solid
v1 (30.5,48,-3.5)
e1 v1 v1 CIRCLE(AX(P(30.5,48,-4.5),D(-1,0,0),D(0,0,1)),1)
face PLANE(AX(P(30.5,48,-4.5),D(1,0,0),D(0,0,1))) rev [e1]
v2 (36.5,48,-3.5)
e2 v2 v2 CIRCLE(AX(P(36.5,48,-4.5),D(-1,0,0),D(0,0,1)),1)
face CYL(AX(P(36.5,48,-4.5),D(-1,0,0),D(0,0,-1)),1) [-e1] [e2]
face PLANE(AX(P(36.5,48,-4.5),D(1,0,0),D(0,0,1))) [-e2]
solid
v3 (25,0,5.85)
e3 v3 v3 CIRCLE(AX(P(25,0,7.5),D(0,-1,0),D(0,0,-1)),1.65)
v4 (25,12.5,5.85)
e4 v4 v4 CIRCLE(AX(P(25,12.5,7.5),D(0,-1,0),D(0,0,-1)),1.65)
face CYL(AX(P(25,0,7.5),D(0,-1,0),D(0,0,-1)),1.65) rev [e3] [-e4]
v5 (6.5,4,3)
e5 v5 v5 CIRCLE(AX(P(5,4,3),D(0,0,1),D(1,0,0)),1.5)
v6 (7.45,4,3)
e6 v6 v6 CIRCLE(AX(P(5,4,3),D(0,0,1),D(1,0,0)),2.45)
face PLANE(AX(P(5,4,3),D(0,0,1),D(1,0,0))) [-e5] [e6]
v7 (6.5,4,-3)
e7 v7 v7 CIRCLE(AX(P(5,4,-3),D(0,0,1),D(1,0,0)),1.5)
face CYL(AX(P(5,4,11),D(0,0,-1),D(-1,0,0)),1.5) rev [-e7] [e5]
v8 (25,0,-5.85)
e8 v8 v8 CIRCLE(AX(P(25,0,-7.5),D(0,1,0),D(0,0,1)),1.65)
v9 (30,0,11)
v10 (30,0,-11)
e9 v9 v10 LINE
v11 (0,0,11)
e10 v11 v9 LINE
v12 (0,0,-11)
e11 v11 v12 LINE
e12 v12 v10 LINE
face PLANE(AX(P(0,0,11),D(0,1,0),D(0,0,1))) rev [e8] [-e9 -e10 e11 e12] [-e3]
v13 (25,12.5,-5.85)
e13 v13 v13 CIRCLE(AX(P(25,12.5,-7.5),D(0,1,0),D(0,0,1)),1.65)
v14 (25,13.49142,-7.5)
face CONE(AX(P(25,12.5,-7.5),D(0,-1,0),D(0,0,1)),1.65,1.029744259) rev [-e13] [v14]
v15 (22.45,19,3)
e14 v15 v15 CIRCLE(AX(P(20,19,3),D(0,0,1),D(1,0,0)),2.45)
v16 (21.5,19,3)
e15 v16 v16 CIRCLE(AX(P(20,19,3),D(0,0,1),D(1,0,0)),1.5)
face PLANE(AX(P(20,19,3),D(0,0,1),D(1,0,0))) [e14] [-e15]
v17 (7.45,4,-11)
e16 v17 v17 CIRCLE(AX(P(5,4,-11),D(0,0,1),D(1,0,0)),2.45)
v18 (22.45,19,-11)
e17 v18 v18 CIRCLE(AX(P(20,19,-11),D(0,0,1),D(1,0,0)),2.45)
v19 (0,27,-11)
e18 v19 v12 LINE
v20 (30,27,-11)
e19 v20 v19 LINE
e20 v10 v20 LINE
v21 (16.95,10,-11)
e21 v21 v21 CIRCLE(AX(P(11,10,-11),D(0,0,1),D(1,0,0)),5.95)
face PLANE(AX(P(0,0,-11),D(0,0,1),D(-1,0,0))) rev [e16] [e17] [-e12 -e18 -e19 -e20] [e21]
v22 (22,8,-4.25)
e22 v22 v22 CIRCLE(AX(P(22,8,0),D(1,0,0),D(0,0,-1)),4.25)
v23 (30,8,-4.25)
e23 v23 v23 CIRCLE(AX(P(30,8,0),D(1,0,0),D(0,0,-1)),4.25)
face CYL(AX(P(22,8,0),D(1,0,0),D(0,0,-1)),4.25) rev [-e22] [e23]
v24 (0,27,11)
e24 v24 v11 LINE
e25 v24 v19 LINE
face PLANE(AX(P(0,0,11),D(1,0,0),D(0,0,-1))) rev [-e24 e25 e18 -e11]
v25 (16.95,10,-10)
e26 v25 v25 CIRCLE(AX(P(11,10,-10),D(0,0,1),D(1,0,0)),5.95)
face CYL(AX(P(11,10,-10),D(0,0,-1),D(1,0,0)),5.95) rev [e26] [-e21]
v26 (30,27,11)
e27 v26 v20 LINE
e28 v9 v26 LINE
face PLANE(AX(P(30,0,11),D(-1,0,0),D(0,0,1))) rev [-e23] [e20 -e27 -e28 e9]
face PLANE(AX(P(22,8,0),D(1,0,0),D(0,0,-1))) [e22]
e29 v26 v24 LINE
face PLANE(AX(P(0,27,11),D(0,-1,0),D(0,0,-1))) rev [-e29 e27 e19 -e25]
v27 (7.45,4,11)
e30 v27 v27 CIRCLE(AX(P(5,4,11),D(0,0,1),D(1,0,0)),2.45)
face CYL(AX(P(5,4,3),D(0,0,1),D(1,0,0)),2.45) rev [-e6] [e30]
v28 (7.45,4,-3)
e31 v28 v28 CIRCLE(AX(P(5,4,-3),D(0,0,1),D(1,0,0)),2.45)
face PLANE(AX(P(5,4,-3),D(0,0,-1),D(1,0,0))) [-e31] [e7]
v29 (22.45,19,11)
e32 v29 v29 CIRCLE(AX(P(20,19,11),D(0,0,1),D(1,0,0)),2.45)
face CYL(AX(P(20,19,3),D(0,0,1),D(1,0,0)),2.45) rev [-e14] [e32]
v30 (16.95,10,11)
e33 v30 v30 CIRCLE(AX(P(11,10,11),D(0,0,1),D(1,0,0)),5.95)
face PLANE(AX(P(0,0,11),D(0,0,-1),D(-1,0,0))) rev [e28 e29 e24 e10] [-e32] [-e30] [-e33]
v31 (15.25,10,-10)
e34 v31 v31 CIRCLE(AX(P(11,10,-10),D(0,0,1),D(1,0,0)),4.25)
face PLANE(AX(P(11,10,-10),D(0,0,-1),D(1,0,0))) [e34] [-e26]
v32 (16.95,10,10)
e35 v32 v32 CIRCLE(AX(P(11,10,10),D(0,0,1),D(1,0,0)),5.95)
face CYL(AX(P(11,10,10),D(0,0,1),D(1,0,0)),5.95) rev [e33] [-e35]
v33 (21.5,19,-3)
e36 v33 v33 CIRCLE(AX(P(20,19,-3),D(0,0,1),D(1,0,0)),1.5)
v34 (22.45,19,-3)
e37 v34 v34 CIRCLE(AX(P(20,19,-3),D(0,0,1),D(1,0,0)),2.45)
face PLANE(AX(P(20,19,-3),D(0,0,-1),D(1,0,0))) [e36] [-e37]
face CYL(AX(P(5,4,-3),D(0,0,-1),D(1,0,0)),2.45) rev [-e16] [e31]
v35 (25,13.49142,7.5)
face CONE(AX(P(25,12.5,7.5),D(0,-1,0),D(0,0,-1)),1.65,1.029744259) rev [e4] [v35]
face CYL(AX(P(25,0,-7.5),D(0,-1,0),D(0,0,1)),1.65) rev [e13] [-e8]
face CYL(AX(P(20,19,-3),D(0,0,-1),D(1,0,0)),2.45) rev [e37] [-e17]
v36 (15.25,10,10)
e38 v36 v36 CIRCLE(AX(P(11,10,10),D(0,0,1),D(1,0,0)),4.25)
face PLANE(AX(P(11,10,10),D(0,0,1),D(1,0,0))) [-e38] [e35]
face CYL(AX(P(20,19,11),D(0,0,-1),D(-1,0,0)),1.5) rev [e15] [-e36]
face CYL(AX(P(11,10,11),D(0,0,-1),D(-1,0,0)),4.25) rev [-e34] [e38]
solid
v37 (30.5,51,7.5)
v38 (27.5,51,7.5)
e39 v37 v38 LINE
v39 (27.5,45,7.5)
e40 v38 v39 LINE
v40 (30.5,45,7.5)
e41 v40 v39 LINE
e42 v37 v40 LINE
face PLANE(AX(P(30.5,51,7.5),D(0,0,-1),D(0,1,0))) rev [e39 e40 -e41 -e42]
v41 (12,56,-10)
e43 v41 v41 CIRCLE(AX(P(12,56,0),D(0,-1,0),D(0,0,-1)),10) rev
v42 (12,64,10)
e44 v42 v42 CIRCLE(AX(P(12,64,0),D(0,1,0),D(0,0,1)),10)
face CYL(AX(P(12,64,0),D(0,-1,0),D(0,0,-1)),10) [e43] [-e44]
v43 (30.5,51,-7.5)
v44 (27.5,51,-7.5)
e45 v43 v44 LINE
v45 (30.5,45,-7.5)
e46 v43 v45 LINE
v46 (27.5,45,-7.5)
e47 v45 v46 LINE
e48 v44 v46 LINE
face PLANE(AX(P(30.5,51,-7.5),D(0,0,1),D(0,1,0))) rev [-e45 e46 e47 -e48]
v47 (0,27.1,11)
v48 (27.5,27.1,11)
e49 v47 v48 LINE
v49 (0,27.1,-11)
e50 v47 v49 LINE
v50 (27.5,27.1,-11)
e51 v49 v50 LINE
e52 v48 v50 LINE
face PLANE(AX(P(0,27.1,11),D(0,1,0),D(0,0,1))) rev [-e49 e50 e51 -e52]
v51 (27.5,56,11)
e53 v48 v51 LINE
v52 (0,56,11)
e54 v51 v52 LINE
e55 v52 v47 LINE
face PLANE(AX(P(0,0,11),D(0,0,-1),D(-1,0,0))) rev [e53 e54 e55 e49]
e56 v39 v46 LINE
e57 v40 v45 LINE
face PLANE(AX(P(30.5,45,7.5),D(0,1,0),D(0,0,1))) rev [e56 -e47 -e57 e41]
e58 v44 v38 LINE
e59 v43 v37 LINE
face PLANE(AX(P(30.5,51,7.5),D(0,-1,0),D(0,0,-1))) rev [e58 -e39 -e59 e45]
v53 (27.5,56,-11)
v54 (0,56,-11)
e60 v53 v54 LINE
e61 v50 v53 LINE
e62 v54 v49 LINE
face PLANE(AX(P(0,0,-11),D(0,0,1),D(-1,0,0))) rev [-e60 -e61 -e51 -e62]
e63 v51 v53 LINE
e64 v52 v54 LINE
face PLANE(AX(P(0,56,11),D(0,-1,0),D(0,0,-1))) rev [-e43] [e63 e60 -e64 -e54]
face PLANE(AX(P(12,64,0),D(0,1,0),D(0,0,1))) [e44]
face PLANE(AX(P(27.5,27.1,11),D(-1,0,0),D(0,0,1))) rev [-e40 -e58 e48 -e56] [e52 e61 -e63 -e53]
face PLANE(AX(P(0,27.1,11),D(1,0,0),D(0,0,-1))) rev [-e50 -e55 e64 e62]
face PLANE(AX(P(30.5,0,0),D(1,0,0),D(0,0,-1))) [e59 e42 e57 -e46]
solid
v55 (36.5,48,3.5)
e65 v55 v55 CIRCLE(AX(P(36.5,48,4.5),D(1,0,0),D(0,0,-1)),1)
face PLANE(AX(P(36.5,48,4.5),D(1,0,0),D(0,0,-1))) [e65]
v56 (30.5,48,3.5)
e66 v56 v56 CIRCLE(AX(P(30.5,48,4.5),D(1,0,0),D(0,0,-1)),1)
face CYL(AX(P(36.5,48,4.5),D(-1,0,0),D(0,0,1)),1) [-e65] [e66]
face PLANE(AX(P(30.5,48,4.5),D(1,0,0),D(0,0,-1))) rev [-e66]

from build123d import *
from build123d.topology import SkipClean

# Parameters (mm, degrees)
ESQUISSE1_W             = 30
ESQUISSE1_H             = 27
ESQUISSE1_R             = 4.25
ESQUISSE1_R_2           = 1.5
BOSS_EXTRU_1_DEPTH      = 11
ESQUISSE1_W_2           = 27.5
ESQUISSE1_H_2           = 28.9
BOSS_EXTRU_1_2_DEPTH    = 11
ESQUISSE2_R             = 2.45
ENL_V_MAT_EXTRU_1_DEPTH = 8
ESQUISSE3_R             = 5.95
ENL_V_MAT_EXTRU_2_DEPTH = 1
ESQUISSE4_R             = 4.25
ENL_V_MAT_EXTRU_3_DEPTH = 8
ESQUISSE5_W             = 7.5
ESQUISSE5_H             = 6
BOSS_EXTRU_2_DEPTH      = 3
ESQUISSE6_R             = 1
BOSS_EXTRU_3_DEPTH      = 6
ESQUISSE9_R             = 10
BOSS_EXTRU_4_DEPTH      = 8


with BuildPart() as part:
    # Esquisse1 → Boss.-Extru.1 (new body)
    with BuildSketch(Plane.XY):
        with Locations((15, 13.5)):
            Rectangle(ESQUISSE1_W, ESQUISSE1_H)
        with Locations((11, 10)):
            Circle(ESQUISSE1_R, mode=Mode.SUBTRACT)
        with Locations((20, 19)):
            Circle(ESQUISSE1_R_2, mode=Mode.SUBTRACT)
        with Locations((5, 4)):
            Circle(ESQUISSE1_R_2, mode=Mode.SUBTRACT)
    extrude(amount=BOSS_EXTRU_1_DEPTH)

    # Esquisse2 → Enlèv. mat.-Extru.1 (cut)
    with BuildSketch(Plane.XY.offset(11)):
        with Locations((20, 19)):
            Circle(ESQUISSE2_R)
        with Locations((5, 4)):
            Circle(ESQUISSE2_R)
    extrude(amount=-ENL_V_MAT_EXTRU_1_DEPTH, mode=Mode.SUBTRACT)

    # Esquisse3 → Enlèv. mat.-Extru.2 (cut)
    with BuildSketch(Plane.XY.offset(11)):
        with Locations((11, 10)):
            Circle(ESQUISSE3_R)
    extrude(amount=-ENL_V_MAT_EXTRU_2_DEPTH, mode=Mode.SUBTRACT)

    # Esquisse4 → Enlèv. mat.-Extru.3 (cut)
    with BuildSketch(Plane(origin=(30, 0, 0), x_dir=(0, 0, -1), z_dir=(1, 0, 0))):
        with Locations((0, 8)):
            Circle(ESQUISSE4_R)
    extrude(amount=-ENL_V_MAT_EXTRU_3_DEPTH, mode=Mode.SUBTRACT)

    # Esquisse7 → Trou taraudé M4x0.71 (revolve, cut)
    with BuildSketch(Plane(origin=(25, 0, 7.5), x_dir=(0, 0, -1), z_dir=(1, 0, 0))):
        Polygon((0, 0), (0, 13.491420021), (1.65, 12.5), (1.65, 0), align=None)
    revolve(axis=Axis((25, -6.35, 7.5), (0, 1, 0)), mode=Mode.SUBTRACT)

    # Sym_trie1 2: part across plane


with BuildPart() as body_2:
    # Esquisse1 → Boss.-Extru.1 2 (new body)
    with BuildSketch(Plane.XY):
        with Locations((13.75, 41.55)):
            Rectangle(ESQUISSE1_W_2, ESQUISSE1_H_2)
    extrude(amount=BOSS_EXTRU_1_2_DEPTH)

    # Esquisse5 → Boss.-Extru.2 (add)
    with BuildSketch(Plane(origin=(27.5, 0, 0), x_dir=(0, 0, -1), z_dir=(1, 0, 0))):
        with Locations((-3.75, 48)):
            Rectangle(ESQUISSE5_W, ESQUISSE5_H)
    extrude(amount=BOSS_EXTRU_2_DEPTH)

    # Symétrie1: body 2 across plane


with BuildPart() as body_3:
    # Esquisse6 → Boss.-Extru.3 (new body)
    with BuildSketch(Plane(origin=(30.5, 0, 0), x_dir=(0, 0, -1), z_dir=(1, 0, 0))):
        with Locations((-4.5, 48)):
            Circle(ESQUISSE6_R)
    extrude(amount=BOSS_EXTRU_3_DEPTH)


with BuildPart() as body_2_1:
    add(body_2.part)
    add(body_2.part.mirror(Plane(origin=(0, 0, 0), x_dir=(1, 0, 0), z_dir=(0, 0, -1))))

    # Esquisse9 → Boss.-Extru.4 (add)
    with BuildSketch(Plane(origin=(0, 56, 0), x_dir=(1, 0, 0), z_dir=(0, 1, 0))):
        with Locations(Location((12, 0, 0), (0, 0, 90))):
            Circle(ESQUISSE9_R)
    extrude(amount=BOSS_EXTRU_4_DEPTH)


with BuildPart() as part_1:
    with SkipClean():  # the faces are left unmerged after this step: merging them gives an invalid solid
        add(part.part)
        add(part.part.mirror(Plane(origin=(0, 0, 0), x_dir=(1, 0, 0), z_dir=(0, 0, -1))))


with BuildPart() as body_4:
    # Symétrie2: mirrored copy
    add(body_3.part.mirror(Plane.XY))


solid = Compound([body_3.part, body_2_1.part, part_1.part, body_4.part])
